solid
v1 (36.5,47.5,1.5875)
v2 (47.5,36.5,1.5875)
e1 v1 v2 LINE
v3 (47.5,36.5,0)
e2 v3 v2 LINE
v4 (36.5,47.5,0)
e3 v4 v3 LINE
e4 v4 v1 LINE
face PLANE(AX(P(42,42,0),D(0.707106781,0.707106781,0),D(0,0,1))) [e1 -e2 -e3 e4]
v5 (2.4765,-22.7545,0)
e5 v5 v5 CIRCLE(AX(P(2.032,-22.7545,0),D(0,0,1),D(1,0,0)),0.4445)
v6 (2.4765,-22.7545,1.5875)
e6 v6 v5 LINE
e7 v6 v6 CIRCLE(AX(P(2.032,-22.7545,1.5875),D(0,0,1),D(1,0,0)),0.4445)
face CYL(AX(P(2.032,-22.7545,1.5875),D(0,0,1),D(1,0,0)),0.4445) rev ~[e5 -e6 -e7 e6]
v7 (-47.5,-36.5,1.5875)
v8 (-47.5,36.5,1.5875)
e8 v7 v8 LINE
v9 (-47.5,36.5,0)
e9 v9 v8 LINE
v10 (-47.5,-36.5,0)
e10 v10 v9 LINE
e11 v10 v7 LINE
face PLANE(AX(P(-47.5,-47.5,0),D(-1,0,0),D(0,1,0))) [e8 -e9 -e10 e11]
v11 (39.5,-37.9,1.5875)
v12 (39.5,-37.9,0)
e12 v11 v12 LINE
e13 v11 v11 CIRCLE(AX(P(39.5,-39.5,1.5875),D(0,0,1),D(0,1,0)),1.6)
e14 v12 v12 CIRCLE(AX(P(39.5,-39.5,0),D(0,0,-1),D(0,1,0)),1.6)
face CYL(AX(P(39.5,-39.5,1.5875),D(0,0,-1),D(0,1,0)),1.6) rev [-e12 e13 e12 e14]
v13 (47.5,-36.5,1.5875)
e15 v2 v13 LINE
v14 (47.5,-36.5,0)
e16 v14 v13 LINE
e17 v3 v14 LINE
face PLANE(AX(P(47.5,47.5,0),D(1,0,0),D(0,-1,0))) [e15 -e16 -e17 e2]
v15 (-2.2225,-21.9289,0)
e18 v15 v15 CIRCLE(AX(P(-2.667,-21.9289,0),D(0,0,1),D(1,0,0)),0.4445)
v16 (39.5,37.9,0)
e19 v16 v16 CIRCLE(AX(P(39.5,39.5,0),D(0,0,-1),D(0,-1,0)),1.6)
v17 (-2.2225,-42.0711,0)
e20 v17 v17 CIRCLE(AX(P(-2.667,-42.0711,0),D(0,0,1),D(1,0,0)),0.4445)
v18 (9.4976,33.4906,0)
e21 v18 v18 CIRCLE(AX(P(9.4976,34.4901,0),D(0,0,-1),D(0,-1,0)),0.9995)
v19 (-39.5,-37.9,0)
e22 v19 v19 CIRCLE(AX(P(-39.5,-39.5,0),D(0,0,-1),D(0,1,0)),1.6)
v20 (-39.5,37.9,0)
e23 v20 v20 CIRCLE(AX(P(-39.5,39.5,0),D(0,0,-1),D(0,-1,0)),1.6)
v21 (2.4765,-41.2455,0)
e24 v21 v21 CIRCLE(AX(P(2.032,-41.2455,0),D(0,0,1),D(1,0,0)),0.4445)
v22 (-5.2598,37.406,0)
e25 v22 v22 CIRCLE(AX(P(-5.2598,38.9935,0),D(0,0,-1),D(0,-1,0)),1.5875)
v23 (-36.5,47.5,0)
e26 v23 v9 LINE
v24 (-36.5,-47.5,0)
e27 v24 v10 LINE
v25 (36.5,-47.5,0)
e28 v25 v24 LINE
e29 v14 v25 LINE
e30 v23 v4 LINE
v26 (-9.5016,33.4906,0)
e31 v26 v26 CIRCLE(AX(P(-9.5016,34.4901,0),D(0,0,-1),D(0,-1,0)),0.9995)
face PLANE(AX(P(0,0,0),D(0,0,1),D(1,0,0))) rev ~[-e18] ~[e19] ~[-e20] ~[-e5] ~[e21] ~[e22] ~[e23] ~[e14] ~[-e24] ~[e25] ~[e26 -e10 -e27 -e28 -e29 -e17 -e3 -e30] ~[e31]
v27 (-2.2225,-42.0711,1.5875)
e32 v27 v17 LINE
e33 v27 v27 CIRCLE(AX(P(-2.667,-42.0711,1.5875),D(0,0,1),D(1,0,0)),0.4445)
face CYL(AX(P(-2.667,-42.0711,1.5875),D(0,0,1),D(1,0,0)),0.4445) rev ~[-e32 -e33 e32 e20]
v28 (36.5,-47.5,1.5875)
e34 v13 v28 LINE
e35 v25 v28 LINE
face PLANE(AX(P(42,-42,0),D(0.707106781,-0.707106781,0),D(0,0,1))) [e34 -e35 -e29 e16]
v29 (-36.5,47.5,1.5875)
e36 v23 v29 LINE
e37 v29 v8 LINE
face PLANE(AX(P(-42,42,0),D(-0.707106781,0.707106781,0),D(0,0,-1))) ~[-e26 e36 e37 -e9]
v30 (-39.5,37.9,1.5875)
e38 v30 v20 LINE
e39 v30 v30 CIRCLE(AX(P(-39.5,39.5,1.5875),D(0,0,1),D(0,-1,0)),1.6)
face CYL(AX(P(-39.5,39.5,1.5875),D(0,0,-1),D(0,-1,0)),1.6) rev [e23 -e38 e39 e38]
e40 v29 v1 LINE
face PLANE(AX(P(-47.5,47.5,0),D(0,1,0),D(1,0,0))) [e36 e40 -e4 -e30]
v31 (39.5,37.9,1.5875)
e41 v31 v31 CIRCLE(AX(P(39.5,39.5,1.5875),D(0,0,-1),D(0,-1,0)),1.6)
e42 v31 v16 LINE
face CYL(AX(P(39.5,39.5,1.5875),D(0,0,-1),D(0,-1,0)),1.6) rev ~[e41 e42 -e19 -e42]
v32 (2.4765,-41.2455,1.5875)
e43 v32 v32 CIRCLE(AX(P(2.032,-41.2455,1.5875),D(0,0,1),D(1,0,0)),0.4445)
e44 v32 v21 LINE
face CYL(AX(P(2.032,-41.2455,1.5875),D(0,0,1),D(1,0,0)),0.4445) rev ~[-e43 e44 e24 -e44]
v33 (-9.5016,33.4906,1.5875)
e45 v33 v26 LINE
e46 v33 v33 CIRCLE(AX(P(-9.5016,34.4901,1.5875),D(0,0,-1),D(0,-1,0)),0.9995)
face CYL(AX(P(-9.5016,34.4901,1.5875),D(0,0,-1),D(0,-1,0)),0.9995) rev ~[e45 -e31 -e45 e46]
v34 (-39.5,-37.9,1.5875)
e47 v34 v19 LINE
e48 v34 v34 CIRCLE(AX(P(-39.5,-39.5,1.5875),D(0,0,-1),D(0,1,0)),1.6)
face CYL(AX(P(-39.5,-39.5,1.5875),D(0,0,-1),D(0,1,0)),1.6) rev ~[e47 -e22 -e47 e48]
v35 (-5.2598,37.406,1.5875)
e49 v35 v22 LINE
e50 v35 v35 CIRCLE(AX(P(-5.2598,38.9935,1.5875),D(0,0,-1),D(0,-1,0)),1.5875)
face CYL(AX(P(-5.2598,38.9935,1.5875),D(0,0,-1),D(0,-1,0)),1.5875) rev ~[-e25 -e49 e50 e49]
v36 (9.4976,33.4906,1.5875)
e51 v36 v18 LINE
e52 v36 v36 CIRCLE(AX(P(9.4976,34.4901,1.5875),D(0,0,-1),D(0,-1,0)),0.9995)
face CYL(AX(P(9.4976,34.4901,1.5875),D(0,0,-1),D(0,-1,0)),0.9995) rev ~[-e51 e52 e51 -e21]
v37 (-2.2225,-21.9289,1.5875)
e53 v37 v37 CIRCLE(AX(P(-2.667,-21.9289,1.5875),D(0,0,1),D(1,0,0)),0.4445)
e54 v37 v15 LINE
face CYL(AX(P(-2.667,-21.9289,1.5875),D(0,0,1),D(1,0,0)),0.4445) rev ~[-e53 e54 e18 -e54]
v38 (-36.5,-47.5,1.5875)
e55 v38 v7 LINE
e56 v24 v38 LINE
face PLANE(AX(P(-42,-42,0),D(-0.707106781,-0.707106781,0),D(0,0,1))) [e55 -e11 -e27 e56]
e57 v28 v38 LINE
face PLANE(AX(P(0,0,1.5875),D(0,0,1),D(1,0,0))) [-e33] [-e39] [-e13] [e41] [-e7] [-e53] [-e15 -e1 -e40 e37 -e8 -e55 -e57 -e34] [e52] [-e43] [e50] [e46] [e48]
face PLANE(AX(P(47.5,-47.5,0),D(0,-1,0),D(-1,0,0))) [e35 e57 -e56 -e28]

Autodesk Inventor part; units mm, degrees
sketch "AL_spacer_contact_Zminus" plane through (0, 0, 0) normal (0, 0, 1) x (1, 0, 0)
  circle A0 centre (39.5, 39.5) radius 3.175
  circle A1 centre (39.5, -39.5) radius 3.175
  circle A2 centre (-39.5, -39.5) radius 3.175
  circle A3 centre (-39.5, 39.5) radius 3.175
  point P0 (0, 0)
  dimension "d145" = 0
  dimension "d228" = 39.5
  dimension "d229" = 39.5
  dimension "d230" = 39.5
  dimension "d231" = 39.5
  dimension "d232" = 39.5
  dimension "d233" = 39.5
  dimension "d234" = 39.5
  dimension "d235" = 39.5
  dimension "d236" = 6.35
sketch "Delrin_stayout_Zminus" plane through (0, 0, 0) normal (0, 0, 1) x (1, 0, 0)
  line L0 (47.5, 39.5) -> (47.5, 31)
  line L1 (47.5, 31) -> (39.5, 31)
  line L2 (39.5, 31) -> (31, 39.5)
  line L3 (31, 39.5) -> (31, 47.5)
  line L4 (31, 47.5) -> (39.5, 47.5)
  line L5 (39.5, 47.5) -> (47.5, 39.5)
  line L6 (-39.5, 47.5) -> (-47.5, 39.5)
  line L7 (-47.5, 39.5) -> (-47.5, 31)
  line L8 (-47.5, 31) -> (-39.5, 31)
  line L9 (-39.5, 31) -> (-31, 39.5)
  line L10 (-31, 39.5) -> (-31, 47.5)
  line L11 (-31, 47.5) -> (-39.5, 47.5)
  line L12 (47.5, -39.5) -> (39.5, -47.5)
  line L13 (39.5, -47.5) -> (31, -47.5)
  line L14 (31, -47.5) -> (31, -39.5)
  line L15 (31, -39.5) -> (39.5, -31)
  line L16 (39.5, -31) -> (47.5, -31)
  line L17 (47.5, -31) -> (47.5, -39.5)
  line L18 (-39.5, -47.5) -> (-47.5, -39.5)
  line L19 (-47.5, -39.5) -> (-47.5, -31)
  line L20 (-47.5, -31) -> (-39.5, -31)
  line L21 (-39.5, -31) -> (-31, -39.5)
  line L22 (-31, -39.5) -> (-31, -47.5)
  line L23 (-31, -47.5) -> (-39.5, -47.5)
  point P0 (0, 0)
  dimension "d243" = 16.5
  dimension "d244" = 8
  dimension "d245" = 8.5
  dimension "d246" = 16.5
  dimension "d247" = 47.5
  dimension "d248" = 47.5
  dimension "d249" = 47.5
  dimension "d250" = 47.5
  dimension "d251" = 47.5
  dimension "d252" = 47.5
  dimension "d253" = 47.5
  dimension "d254" = 47.5
sketch "Nub_stayout_Zminus" plane through (0, 0, 0) normal (0, 0, 1) x (1, 0, 0)
  line L0 (29, 47.5) -> (39.5, 47.5)
  line L1 (39.5, 47.5) -> (47.5, 39.5)
  line L2 (47.5, 39.5) -> (47.5, 29)
  line L3 (47.5, 29) -> (42, 29)
  line L4 (42, 29) -> (42, 40.4125)
  line L5 (40.4125, 42) -> (29, 42)
  line L6 (29, 42) -> (29, 47.5)
  arc A0 (42, 40.4125) -> (40.4125, 42) centre (40.4125, 40.4125) ccw
  line L7 (-29, 47.5) -> (-39.5, 47.5)
  line L8 (-39.5, 47.5) -> (-47.5, 39.5)
  line L9 (-47.5, 39.5) -> (-47.5, 29)
  line L10 (-47.5, 29) -> (-42, 29)
  line L11 (-42, 29) -> (-42, 40.4125)
  line L12 (-40.4125, 42) -> (-29, 42)
  line L13 (-29, 42) -> (-29, 47.5)
  arc A1 (-40.4125, 42) -> (-42, 40.4125) centre (-40.4125, 40.4125) ccw
  line L14 (-47.5, -29) -> (-42, -29)
  line L15 (-42, -29) -> (-42, -40.4125)
  line L16 (-40.4125, -42) -> (-29, -42)
  line L17 (-29, -42) -> (-29, -47.5)
  line L18 (-29, -47.5) -> (-39.5, -47.5)
  line L19 (-39.5, -47.5) -> (-47.5, -39.5)
  line L20 (-47.5, -39.5) -> (-47.5, -29)
  arc A2 (-42, -40.4125) -> (-40.4125, -42) centre (-40.4125, -40.4125) ccw
  line L21 (47.5, -29) -> (42, -29)
  line L22 (42, -29) -> (42, -40.4125)
  line L23 (40.4125, -42) -> (29, -42)
  line L24 (29, -42) -> (29, -47.5)
  line L25 (29, -47.5) -> (39.5, -47.5)
  line L26 (39.5, -47.5) -> (47.5, -39.5)
  line L27 (47.5, -39.5) -> (47.5, -29)
  arc A3 (40.4125, -42) -> (42, -40.4125) centre (40.4125, -40.4125) ccw
  point P0 (0, 0)
  dimension "d255" = 1.5875
  dimension "d256" = 18.5
  dimension "d257" = 8
  dimension "d258" = 5.5
  dimension "d259" = 47.5
  dimension "d260" = 47.5
  dimension "d264" = 1.5875
  dimension "d265" = 47.5
  dimension "d266" = 47.5
  dimension "d267" = 1.5875
  dimension "d268" = 47.5
  dimension "d269" = 47.5
  dimension "d270" = 1.5875
  dimension "d271" = 47.5
  dimension "d272" = 47.5
ref_plane "Zplus_face" through (0, 0, 1.5875) normal (0, 0, 1) x (1, 0, 0)
sketch "AL_spacer_contact_Zplus" plane through (0, 0, 1.5875) normal (0, 0, 1) x (1, 0, 0)
  circle A0 centre (-39.5, 39.5) radius 3.175
  circle A1 centre (-39.5, -39.5) radius 3.175
  circle A2 centre (39.5, -39.5) radius 3.175
  circle A3 centre (39.5, 39.5) radius 3.175
  point P0 (0, 0)
  dimension "d129" = 39.5
  dimension "d130" = 39.5
  dimension "d131" = 39.5
  dimension "d132" = 39.5
  dimension "d133" = 6.35
sketch "Delrin_stayout_Zplus" plane through (0, 0, 1.5875) normal (0, 0, 1) x (1, 0, 0)
  line L0 (47.5, -31) -> (47.5, -39.5)
  line L1 (47.5, -39.5) -> (39.5, -47.5)
  line L2 (39.5, -47.5) -> (31, -47.5)
  line L3 (31, -47.5) -> (31, -39.5)
  line L4 (31, -39.5) -> (39.5, -31)
  line L5 (39.5, -31) -> (47.5, -31)
  line L6 (47.5, 31) -> (47.5, 39.5)
  line L7 (47.5, 39.5) -> (39.5, 47.5)
  line L8 (39.5, 47.5) -> (31, 47.5)
  line L9 (31, 47.5) -> (31, 39.5)
  line L10 (31, 39.5) -> (39.5, 31)
  line L11 (39.5, 31) -> (47.5, 31)
  line L12 (-39.5, 47.5) -> (-47.5, 39.5)
  line L13 (-47.5, 39.5) -> (-47.5, 31)
  line L14 (-47.5, 31) -> (-39.5, 31)
  line L15 (-39.5, 31) -> (-31, 39.5)
  line L16 (-31, 39.5) -> (-31, 47.5)
  line L17 (-31, 47.5) -> (-39.5, 47.5)
  line L18 (-47.5, -39.5) -> (-39.5, -47.5)
  line L19 (-39.5, -47.5) -> (-31, -47.5)
  line L20 (-31, -47.5) -> (-31, -39.5)
  line L21 (-31, -39.5) -> (-39.5, -31)
  line L22 (-39.5, -31) -> (-47.5, -31)
  line L23 (-47.5, -31) -> (-47.5, -39.5)
  point P0 (0, 0)
  dimension "d115" = 16.5
  dimension "d116" = 16.5
  dimension "d117" = 8
  dimension "d118" = 8.5
  dimension "d121" = 47.5
  dimension "d122" = 47.5
  dimension "d123" = 47.5
  dimension "d124" = 47.5
  dimension "d125" = 47.5
  dimension "d126" = 47.5
  dimension "d127" = 47.5
  dimension "d128" = 47.5
sketch "Nub_stayout_Zplus" plane through (0, 0, 1.5875) normal (0, 0, 1) x (1, 0, 0)
  line L0 (47.5, 29) -> (42, 29)
  line L1 (42, 29) -> (42, 40.4125)
  line L2 (40.4125, 42) -> (29, 42)
  line L3 (29, 42) -> (29, 47.5)
  arc A0 (42, 40.4125) -> (40.4125, 42) centre (40.4125, 40.4125) ccw
  line L4 (29, 47.5) -> (39.5, 47.5)
  line L5 (39.5, 47.5) -> (47.5, 39.5)
  line L6 (47.5, 39.5) -> (47.5, 29)
  line L7 (-39.5, 47.5) -> (-29, 47.5)
  line L8 (-29, 47.5) -> (-29, 42)
  line L9 (-29, 42) -> (-40.4125, 42)
  line L10 (-42, 40.4125) -> (-42, 29)
  line L11 (-42, 29) -> (-47.5, 29)
  line L12 (-47.5, 29) -> (-47.5, 39.5)
  line L13 (-47.5, 39.5) -> (-39.5, 47.5)
  arc A1 (-40.4125, 42) -> (-42, 40.4125) centre (-40.4125, 40.4125) ccw
  line L14 (-47.5, -29) -> (-47.5, -39.5)
  line L15 (-47.5, -39.5) -> (-39.5, -47.5)
  line L16 (-39.5, -47.5) -> (-29, -47.5)
  line L17 (-29, -47.5) -> (-29, -42)
  line L18 (-29, -42) -> (-40.4125, -42)
  line L19 (-42, -40.4125) -> (-42, -29)
  line L20 (-42, -29) -> (-47.5, -29)
  arc A2 (-42, -40.4125) -> (-40.4125, -42) centre (-40.4125, -40.4125) ccw
  line L21 (29, -47.5) -> (39.5, -47.5)
  line L22 (39.5, -47.5) -> (47.5, -39.5)
  line L23 (47.5, -39.5) -> (47.5, -29)
  line L24 (47.5, -29) -> (42, -29)
  line L25 (42, -29) -> (42, -40.4125)
  line L26 (40.4125, -42) -> (29, -42)
  line L27 (29, -42) -> (29, -47.5)
  arc A3 (40.4125, -42) -> (42, -40.4125) centre (40.4125, -40.4125) ccw
  point P0 (0, 0)
  dimension "d146" = 1.5875
  dimension "d147" = 5.5
  dimension "d149" = 18.5
  dimension "d150" = 8
  dimension "d151" = 47.5
  dimension "d152" = 47.5
  dimension "d153" = 1.5875
  dimension "d154" = 47.5
  dimension "d155" = 47.5
  dimension "d156" = 1.5875
  dimension "d157" = 47.5
  dimension "d158" = 47.5
  dimension "d159" = 1.5875
  dimension "d160" = 47.5
  dimension "d161" = 47.5
sketch "Sketch1" plane through (0, 0, 0) normal (0, 0, 1) x (1, 0, 0)
  line L0 (-47.5, 47.5) -> (47.5, 47.5)
  line L1 (47.5, 47.5) -> (47.5, -47.5)
  line L2 (47.5, -47.5) -> (-47.5, -47.5)
  line L3 (-47.5, -47.5) -> (-47.5, 47.5)
  point P0 (0, 0)
  dimension "d0" = 95
  dimension "d1" = 95
  dimension "d2" = 47.5
  dimension "d3" = 47.5
extrude "Extrusion1" add sketch "Sketch1" along normal blind 1.5875
chamfer "Chamfer2" distance 11 angle 45 4 edges at (-47.5, -47.5, 0.7937) (47.5, -47.5, 0.7937) (47.5, 47.5, 0.7937) (-47.5, 47.5, 0.7937)
ref_plane "Work Plane_ConnX" through (-32, 0, 0) normal (1, 0, 0) x (0, 1, 0)
ref_plane "Work Plane_ConnY" through (0, 0, 0) normal (0, 1, 0) x (-1, 0, 0)
sketch "Sketch9" plane through (0, 0, 1.5875) normal (0, 0, 1) x (1, 0, 0)
  line L0 (47.5, 47.5) -> (47.5, -47.5) projected
  line L1 (58.5598, -32) -> (-58.5598, -32)
  circle A0 centre (-2.667, -21.9289) radius 0.4445
  circle A1 centre (-2.667, -42.0711) radius 0.4445
  line L2 (0, 26.5598) -> (0, -90.5598) construction
  point P0 (0, 0)
  point P1 (0, -32)
  dimension "d134" = 20.1422
  dimension "d136" = 2.667
  dimension "d138" = 0.889
  dimension "d141" = 180
  dimension "d350" = 32
  dimension "d351" = 0
extrude "Holes_Conn_Zminus" cut sketch "Sketch9" against normal through all
sketch "Sketch22" plane through (0, 0, 1.5875) normal (0, 0, 1) x (1, 0, 0)
  line L0 (47.5, 36.5) -> (47.5, -36.5) projected
  line L1 (0, -1.0026) -> (0, -62.9974) construction
  line L2 (62.8115, -32) -> (-62.8115, -32)
  circle A0 centre (2.032, -22.7545) radius 0.4445
  circle A1 centre (2.032, -41.2455) radius 0.4445
  point P0 (0, 0)
  point P1 (0, -32)
  dimension "d282" = 180
  dimension "d283" = 18.491
  dimension "d284" = 0.889
  dimension "d285" = 2.032
  dimension "d352" = 32
  dimension "d353" = 0
extrude "Holes_Conn_Zplus" cut sketch "Sketch22" against normal through all
hole "Hole5" at (39.5, 39.5, 1.5875) direction (0, 0, -1) diameter 3.2 end through all
mirror "Mirror5" about plane through (0, 0, 0) normal (1, 0, 0) of "Hole5"
mirror "Mirror6" about plane through (0, 0, 0) normal (0, 1, 0) of "Hole5", "Mirror5"
sketch "Sketch25" plane through (0, 0, 1.5875) normal (0, 0, 1) x (1, 0, 0)
  circle A0 centre (-39.5, -39.5) radius 1.6 projected
  circle A1 centre (39.5, -39.5) radius 1.6 projected
  circle A2 centre (-39.5, 39.5) radius 1.6 projected
  circle A3 centre (39.5, 39.5) radius 1.6 projected
  line L0 (36.5, -47.5) -> (-36.5, -47.5) projected
  line L1 (0, 0) -> (0, -59.2198)
  line L2 (8, -47.5) -> (8, -15.5)
  line L3 (8, -15.5) -> (-8, -15.5)
  line L4 (-8, -15.5) -> (-8, -47.5)
  line L5 (-8, -47.5) -> (-62.7516, -61.7336)
  line L6 (-62.7516, -61.7336) -> (-64.2933, 68.2222)
  line L7 (-64.2933, 68.2222) -> (58.3572, 62.5728)
  line L8 (58.3572, 62.5728) -> (56.5848, -69.017)
  line L9 (56.5848, -69.017) -> (8, -47.5)
  dimension "d362" = 16
  dimension "d363" = 32
extrude "Extrusion9" [suppressed]
sketch "Sketch26" plane through (0, 0, 1.5875) normal (0, 0, 1) x (1, 0, 0)
  line L0 (-47.5, -36.5) -> (-47.5, 36.5) projected
  line L1 (36.5, -47.5) -> (-36.5, -47.5) projected
  line L2 (47.5, 36.5) -> (47.5, -36.5) projected
  line L3 (-36.5, 47.5) -> (36.5, 47.5) projected
  line L4 (47.5, 47.5) -> (47.5, -47.5) construction
  line L5 (47.5, -47.5) -> (-47.5, -47.5) construction
  line L6 (-47.5, -47.5) -> (-47.5, 47.5) construction
  line L7 (-47.5, 47.5) -> (47.5, 47.5) construction
  point P0 (0, 0)
decal "Decal1"
sketch "Sketch27" plane through (0, 0, 0) normal (0, 0, -1) x (-1, 0, 0)
  line L0 (36.5, 47.5) -> (-36.5, 47.5) projected
  line L1 (-47.5, 36.5) -> (-47.5, -36.5) projected
  line L2 (-36.5, -47.5) -> (36.5, -47.5) projected
  line L3 (47.5, -36.5) -> (47.5, 36.5) projected
  line L4 (47.5, 47.5) -> (47.5, -47.5) construction
  line L5 (47.5, -47.5) -> (-47.5, -47.5) construction
  line L6 (-47.5, -47.5) -> (-47.5, 47.5) construction
  line L7 (-47.5, 47.5) -> (47.5, 47.5) construction
  point P0 (0, 0)
decal "Decal2"
hole "Hole13" at (-9.5016, 34.4901, 1.5875) direction (0, 0, -1) diameter 1.999 end through all
hole "Hole14" at (9.4976, 34.4901, 1.5875) direction (0, 0, -1) diameter 1.999 end through all
hole "Hole15" at (-5.2598, 38.9935, 1.5875) direction (0, 0, -1) diameter 3.175 end through all
properties part number "PCB_Batt1" material "FR4"
